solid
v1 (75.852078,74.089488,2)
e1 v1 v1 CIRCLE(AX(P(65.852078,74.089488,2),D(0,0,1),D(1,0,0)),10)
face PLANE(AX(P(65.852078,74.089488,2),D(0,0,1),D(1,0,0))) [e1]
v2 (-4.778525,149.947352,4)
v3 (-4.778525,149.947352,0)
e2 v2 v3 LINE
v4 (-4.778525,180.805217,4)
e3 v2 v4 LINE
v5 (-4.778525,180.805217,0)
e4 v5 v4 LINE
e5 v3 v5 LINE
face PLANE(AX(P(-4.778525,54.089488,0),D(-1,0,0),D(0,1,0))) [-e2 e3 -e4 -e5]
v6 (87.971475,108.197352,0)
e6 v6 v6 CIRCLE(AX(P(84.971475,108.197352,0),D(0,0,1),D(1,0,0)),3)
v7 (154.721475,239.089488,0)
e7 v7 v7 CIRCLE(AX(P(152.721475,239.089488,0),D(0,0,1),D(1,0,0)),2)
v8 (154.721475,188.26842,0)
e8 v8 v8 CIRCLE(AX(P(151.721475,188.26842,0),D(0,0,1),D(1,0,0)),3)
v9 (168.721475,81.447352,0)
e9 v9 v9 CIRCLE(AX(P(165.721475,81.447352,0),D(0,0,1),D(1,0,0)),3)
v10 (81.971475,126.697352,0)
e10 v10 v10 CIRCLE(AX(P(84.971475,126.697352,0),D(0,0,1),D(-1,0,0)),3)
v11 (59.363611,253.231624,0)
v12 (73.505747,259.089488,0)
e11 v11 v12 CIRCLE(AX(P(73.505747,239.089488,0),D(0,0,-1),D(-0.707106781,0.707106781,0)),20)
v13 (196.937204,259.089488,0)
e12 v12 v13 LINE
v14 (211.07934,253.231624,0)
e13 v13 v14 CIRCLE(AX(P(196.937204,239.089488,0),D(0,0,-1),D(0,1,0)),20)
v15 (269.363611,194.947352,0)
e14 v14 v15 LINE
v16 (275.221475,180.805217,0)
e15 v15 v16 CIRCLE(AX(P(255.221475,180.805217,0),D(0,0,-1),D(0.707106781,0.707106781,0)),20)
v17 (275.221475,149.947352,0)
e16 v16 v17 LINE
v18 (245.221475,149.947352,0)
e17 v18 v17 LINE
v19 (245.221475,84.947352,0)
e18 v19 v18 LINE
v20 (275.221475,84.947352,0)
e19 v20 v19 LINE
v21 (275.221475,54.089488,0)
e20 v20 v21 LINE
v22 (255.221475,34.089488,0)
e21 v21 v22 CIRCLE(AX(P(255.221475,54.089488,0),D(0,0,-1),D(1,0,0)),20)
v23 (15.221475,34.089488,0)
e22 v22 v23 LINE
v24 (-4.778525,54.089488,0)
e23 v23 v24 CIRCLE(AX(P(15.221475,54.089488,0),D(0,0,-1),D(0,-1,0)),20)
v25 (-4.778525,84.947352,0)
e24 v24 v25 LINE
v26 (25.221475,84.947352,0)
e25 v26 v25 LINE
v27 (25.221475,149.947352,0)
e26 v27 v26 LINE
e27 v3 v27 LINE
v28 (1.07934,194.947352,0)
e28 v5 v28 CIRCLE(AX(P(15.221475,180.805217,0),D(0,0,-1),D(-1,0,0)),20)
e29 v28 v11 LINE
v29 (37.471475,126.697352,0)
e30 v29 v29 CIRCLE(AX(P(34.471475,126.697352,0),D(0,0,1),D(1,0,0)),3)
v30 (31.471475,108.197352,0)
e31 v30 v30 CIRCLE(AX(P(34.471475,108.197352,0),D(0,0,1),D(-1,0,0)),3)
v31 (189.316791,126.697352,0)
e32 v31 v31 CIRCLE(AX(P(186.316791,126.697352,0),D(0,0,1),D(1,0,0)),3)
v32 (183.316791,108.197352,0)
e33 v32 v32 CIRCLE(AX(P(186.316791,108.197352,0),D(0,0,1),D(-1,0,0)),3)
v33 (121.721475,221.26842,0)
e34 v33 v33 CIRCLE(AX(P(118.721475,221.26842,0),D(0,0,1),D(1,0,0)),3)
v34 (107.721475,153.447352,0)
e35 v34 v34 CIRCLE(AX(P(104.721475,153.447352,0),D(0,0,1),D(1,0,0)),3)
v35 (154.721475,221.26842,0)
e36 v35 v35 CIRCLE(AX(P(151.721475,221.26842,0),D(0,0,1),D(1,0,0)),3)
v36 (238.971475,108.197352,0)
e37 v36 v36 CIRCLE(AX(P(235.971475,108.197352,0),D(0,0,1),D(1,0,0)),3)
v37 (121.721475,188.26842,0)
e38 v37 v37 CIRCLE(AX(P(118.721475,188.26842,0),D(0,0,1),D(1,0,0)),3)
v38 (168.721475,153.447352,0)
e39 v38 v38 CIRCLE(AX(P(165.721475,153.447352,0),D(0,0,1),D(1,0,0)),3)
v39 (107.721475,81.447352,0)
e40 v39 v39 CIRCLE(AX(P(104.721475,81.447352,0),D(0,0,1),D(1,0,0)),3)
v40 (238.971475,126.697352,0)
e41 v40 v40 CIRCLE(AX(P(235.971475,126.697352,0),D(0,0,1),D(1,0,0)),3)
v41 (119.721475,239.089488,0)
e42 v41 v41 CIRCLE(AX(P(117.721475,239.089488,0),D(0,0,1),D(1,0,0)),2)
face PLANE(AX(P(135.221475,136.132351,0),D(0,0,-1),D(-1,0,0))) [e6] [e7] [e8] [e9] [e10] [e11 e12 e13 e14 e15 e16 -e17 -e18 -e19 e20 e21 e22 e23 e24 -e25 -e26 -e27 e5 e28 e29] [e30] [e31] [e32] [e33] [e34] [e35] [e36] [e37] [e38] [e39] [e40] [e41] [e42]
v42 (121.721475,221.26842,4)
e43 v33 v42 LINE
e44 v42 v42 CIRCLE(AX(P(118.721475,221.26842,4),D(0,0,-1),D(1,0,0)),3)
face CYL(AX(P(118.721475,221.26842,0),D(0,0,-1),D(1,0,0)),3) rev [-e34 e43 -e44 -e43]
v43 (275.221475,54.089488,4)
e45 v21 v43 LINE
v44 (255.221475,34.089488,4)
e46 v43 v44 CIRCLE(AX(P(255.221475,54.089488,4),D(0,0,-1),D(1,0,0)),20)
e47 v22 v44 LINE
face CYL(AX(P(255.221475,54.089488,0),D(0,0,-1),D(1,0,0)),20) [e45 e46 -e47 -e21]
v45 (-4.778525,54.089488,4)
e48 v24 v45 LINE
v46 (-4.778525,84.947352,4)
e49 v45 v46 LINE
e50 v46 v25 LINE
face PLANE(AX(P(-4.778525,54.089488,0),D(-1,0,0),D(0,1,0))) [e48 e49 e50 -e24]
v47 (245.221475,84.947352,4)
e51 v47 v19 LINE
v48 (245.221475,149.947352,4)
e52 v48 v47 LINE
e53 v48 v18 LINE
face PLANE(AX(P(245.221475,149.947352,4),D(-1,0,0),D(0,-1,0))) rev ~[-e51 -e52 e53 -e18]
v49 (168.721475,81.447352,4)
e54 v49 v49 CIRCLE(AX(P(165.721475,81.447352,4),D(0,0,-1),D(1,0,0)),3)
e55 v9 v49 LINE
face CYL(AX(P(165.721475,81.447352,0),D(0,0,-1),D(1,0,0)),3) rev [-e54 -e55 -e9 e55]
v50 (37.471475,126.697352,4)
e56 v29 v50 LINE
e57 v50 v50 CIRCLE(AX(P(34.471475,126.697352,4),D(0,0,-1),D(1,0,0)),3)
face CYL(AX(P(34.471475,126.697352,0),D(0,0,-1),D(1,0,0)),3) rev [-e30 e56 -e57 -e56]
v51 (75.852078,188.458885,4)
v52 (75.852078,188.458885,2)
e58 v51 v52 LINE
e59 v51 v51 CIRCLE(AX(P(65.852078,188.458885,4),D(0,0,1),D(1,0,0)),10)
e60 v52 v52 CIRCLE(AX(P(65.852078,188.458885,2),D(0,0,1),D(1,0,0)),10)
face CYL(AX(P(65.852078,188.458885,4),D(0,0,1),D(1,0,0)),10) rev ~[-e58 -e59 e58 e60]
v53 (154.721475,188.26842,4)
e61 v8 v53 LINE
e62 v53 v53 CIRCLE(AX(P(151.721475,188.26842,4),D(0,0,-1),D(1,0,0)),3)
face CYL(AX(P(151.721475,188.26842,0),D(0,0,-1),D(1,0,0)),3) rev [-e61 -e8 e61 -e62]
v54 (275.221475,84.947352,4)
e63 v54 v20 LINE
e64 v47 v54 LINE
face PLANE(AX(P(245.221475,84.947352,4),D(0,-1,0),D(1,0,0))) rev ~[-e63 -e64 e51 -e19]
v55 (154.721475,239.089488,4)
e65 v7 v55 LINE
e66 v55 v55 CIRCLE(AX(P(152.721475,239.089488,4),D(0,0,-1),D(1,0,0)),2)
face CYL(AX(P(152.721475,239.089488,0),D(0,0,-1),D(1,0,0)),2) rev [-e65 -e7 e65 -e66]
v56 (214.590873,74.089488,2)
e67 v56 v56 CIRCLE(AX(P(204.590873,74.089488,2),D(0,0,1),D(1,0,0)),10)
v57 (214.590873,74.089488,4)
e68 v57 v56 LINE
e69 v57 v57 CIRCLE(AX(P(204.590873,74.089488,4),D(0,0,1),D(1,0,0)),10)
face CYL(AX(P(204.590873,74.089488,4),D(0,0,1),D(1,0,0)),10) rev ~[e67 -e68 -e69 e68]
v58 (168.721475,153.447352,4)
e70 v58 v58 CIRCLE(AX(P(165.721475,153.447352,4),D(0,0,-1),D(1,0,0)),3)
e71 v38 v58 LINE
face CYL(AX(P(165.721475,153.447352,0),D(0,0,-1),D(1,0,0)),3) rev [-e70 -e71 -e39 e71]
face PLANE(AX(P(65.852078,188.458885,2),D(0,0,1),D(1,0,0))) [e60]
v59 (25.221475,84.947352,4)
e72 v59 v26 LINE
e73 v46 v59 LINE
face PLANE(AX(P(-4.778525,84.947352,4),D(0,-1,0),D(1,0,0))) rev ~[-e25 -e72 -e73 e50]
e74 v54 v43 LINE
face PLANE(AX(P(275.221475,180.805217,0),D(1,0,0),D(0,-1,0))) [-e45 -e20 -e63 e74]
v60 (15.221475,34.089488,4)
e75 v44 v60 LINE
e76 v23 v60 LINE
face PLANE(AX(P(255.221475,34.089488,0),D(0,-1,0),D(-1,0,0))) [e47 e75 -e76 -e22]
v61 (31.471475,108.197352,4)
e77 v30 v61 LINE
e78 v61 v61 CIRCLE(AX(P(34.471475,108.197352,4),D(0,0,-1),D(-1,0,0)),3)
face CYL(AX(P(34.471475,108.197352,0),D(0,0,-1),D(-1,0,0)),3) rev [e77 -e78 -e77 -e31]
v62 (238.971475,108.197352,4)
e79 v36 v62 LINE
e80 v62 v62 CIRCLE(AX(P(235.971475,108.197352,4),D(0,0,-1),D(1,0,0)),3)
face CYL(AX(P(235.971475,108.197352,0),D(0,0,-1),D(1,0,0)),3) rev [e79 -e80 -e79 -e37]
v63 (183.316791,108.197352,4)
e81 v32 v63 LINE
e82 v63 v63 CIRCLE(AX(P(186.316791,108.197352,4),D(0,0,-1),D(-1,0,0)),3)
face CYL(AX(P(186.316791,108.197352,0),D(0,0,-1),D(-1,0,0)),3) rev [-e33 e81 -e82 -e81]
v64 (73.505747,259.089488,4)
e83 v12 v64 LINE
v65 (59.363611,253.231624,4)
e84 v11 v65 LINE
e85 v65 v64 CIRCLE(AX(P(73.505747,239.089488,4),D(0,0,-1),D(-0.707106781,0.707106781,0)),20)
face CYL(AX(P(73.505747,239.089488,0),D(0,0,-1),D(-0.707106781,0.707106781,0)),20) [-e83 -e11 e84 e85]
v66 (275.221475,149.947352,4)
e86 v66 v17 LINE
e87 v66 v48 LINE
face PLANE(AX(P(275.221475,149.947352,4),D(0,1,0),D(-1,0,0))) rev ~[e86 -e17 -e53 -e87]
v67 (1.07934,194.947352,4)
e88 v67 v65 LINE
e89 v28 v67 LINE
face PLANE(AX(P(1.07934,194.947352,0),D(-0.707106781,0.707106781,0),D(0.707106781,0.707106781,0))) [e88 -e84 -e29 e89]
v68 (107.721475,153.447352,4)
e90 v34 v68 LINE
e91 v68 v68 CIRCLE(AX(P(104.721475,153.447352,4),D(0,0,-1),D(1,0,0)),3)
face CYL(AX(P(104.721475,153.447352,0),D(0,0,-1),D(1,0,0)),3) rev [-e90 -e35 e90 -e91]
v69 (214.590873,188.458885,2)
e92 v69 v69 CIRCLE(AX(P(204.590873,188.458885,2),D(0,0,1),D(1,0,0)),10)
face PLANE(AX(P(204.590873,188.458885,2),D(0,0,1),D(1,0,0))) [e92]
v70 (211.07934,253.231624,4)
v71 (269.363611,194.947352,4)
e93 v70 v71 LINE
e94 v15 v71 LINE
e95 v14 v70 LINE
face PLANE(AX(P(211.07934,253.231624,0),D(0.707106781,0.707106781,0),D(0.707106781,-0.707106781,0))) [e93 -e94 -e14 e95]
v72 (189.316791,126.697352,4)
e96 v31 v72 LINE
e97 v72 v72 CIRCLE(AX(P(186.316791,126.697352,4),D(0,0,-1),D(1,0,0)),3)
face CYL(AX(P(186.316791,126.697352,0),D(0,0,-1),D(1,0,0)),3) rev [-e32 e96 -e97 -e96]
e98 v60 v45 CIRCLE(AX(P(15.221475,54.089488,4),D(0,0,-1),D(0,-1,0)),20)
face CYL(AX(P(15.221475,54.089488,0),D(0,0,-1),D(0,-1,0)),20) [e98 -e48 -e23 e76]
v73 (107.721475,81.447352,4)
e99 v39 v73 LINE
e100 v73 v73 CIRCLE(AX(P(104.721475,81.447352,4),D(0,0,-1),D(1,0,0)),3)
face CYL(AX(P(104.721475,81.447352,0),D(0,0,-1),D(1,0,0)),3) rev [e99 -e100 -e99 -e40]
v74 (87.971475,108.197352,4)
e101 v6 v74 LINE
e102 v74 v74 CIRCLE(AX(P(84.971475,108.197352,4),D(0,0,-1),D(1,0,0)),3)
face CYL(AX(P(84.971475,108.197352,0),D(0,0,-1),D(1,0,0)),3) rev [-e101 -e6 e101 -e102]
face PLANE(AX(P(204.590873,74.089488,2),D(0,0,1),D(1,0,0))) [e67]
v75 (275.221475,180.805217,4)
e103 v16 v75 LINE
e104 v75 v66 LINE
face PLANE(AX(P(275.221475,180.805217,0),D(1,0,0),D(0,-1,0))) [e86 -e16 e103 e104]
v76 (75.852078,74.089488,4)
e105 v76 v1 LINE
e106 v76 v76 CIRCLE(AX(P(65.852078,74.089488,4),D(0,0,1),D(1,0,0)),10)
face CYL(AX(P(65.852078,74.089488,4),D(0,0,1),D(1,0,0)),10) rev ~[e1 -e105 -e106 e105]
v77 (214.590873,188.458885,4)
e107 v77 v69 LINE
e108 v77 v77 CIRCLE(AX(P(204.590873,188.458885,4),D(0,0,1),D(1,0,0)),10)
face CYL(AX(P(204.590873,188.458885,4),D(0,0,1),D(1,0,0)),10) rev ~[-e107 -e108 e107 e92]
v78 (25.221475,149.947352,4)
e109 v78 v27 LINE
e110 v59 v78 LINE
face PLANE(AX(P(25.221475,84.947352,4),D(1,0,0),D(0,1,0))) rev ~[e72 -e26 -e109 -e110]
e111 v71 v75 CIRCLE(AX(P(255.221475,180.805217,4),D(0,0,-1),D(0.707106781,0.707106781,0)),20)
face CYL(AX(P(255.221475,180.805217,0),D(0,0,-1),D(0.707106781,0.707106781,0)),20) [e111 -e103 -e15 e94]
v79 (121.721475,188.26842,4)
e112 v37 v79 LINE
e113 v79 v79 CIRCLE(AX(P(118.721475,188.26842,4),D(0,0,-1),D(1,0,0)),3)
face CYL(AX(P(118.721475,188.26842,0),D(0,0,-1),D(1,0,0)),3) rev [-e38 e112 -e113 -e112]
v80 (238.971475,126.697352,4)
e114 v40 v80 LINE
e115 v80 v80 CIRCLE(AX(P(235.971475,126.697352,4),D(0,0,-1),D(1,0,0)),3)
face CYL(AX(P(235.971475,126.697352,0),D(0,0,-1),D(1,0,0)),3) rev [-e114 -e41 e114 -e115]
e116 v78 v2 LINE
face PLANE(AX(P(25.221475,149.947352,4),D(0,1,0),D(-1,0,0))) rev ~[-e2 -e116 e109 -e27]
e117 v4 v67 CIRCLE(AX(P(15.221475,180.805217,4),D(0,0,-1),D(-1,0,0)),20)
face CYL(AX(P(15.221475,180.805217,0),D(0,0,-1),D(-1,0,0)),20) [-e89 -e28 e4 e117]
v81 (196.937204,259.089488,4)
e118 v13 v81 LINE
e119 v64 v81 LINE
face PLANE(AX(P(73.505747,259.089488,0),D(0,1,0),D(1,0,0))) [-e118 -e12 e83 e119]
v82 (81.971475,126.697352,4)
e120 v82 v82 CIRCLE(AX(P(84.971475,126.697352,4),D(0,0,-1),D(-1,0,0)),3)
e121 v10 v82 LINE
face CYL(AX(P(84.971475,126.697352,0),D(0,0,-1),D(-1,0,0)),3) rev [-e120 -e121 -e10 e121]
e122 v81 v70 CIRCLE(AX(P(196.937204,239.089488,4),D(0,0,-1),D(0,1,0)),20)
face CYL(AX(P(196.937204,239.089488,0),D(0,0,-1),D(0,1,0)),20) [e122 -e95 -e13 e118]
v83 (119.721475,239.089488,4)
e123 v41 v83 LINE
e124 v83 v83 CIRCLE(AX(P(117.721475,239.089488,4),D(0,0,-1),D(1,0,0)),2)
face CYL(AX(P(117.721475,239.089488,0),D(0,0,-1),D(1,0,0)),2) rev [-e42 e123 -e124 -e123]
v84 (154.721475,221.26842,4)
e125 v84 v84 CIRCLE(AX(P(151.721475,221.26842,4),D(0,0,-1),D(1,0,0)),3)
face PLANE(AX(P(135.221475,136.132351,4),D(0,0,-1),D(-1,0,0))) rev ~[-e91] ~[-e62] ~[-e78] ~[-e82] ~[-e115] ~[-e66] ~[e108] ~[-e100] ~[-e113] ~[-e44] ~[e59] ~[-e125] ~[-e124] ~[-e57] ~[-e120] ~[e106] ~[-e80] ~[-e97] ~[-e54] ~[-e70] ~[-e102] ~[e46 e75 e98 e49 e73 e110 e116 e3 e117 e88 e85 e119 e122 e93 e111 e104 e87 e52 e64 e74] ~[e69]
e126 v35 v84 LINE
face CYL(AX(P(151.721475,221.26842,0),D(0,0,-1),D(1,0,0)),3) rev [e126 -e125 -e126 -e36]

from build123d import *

# Parameters (mm, degrees)
EXTRUDE_1_DEPTH      = 4
SKETCH_1950_R        = 3
CUT_EXTRUDE_3_DEPTH  = 10
L298N_R              = 3
CUT_EXTRUDE_5_DEPTH  = 10
SKETCH_486_R         = 3
CUT_EXTRUDE_7_DEPTH  = 10
CUT_EXTRUDE_8_DEPTH  = 10
SKETCH_2788_R        = 2
CUT_EXTRUDE_10_DEPTH = 10
SKETCH_11_R          = 10
CUT_EXTRUDE_11_DEPTH = 2


with BuildPart() as part:
    # 草图3 → 凸台-拉伸1 (new body)
    with BuildSketch(Plane.XY):
        with BuildLine():
            Line((73.505746565, 259.089488009), (196.937204075, 259.089488009))
            ThreePointArc((196.937204075, 259.089488009), (204.590872722, 257.56707866), (211.079339699, 253.231623633))
            Line((211.079339699, 253.231623633), (269.363610946, 194.947352386))
            ThreePointArc((269.363610946, 194.947352386), (273.699065973, 188.458885409), (275.221475323, 180.805216762))
            Line((275.221475323, 180.805216762), (275.221475323, 54.089488009))
            ThreePointArc((275.221475323, 54.089488009), (269.363610946, 39.947352386), (255.221475323, 34.089488009))
            Line((255.221475323, 34.089488009), (15.221475318, 34.089488009))
            ThreePointArc((15.221475318, 34.089488009), (1.079339694, 39.947352386), (-4.778524682, 54.089488009))
            Line((-4.778524682, 54.089488009), (-4.778524682, 180.805216762))
            ThreePointArc((-4.778524682, 180.805216762), (-3.256115333, 188.458885409), (1.079339694, 194.947352386))
            Line((1.079339694, 194.947352386), (59.363610941, 253.231623633))
            ThreePointArc((59.363610941, 253.231623633), (65.852077918, 257.56707866), (73.505746565, 259.089488009))
        make_face()
    extrude(amount=EXTRUDE_1_DEPTH)

    # Sketch 1950 → 切除-拉伸3 (cut)
    with BuildSketch(Plane.XY):
        with Locations((235.971475323, 126.697352386)):
            Circle(SKETCH_1950_R)
        with Locations((186.316790846, 126.697352386)):
            Circle(SKETCH_1950_R)
        with Locations((84.971475318, 108.197352386)):
            Circle(SKETCH_1950_R)
        with Locations((235.971475323, 108.197352386)):
            Circle(SKETCH_1950_R)
        with Locations(Location((186.316790846, 108.197352386, 0), (0, 0, 180))):
            Circle(SKETCH_1950_R)
        with Locations(Location((84.971475318, 126.697352386, 0), (0, 0, 180))):
            Circle(SKETCH_1950_R)
        with Locations((34.471475318, 126.697352386)):
            Circle(SKETCH_1950_R)
        with Locations(Location((34.471475318, 108.197352386, 0), (0, 0, 180))):
            Circle(SKETCH_1950_R)
    extrude(amount=CUT_EXTRUDE_3_DEPTH, mode=Mode.SUBTRACT)

    # L298N → 切除-拉伸5 (cut)
    with BuildSketch(Plane.XY):
        with Locations((118.72147532, 188.268420197)):
            Circle(L298N_R)
        with Locations((118.72147532, 221.268420197)):
            Circle(L298N_R)
        with Locations((151.72147532, 221.268420197)):
            Circle(L298N_R)
        with Locations((151.72147532, 188.268420197)):
            Circle(L298N_R)
    extrude(amount=CUT_EXTRUDE_5_DEPTH, mode=Mode.SUBTRACT)

    # Sketch 486 → 切除-拉伸7 (cut)
    with BuildSketch(Plane.XY):
        with Locations((104.72147532, 153.447352386)):
            Circle(SKETCH_486_R)
        with Locations((104.72147532, 81.447352386)):
            Circle(SKETCH_486_R)
        with Locations((165.72147532, 81.447352386)):
            Circle(SKETCH_486_R)
        with Locations((165.72147532, 153.447352386)):
            Circle(SKETCH_486_R)
    extrude(amount=CUT_EXTRUDE_7_DEPTH, mode=Mode.SUBTRACT)

    # Sketch 1082 → 切除-拉伸8 (cut)
    with BuildSketch(Plane.XY.offset(4)):
        Polygon((-4.778524682, 149.947352386), (-4.778524682, 84.947352386), (25.221475318, 84.947352386), (25.221475318, 149.947352386), (7.221475318, 149.947352386), align=None)
        Polygon((245.221475323, 149.947352386), (245.221475323, 84.947352386), (275.221475323, 84.947352386), (275.221475323, 149.947352386), (263.221475323, 149.947352386), align=None)
    extrude(amount=-CUT_EXTRUDE_8_DEPTH, mode=Mode.SUBTRACT)

    # Sketch 2788 → 切除-拉伸10 (cut)
    with BuildSketch(Plane.XY):
        with Locations((117.72147532, 239.089488009)):
            Circle(SKETCH_2788_R)
        with Locations((152.72147532, 239.089488009)):
            Circle(SKETCH_2788_R)
    extrude(amount=CUT_EXTRUDE_10_DEPTH, mode=Mode.SUBTRACT)

    # 草图11 → 切除-拉伸11 (cut)
    with BuildSketch(Plane.XY.offset(4)):
        with Locations((65.852077918, 188.458885409)):
            Circle(SKETCH_11_R)
        with Locations((204.590872722, 188.458885409)):
            Circle(SKETCH_11_R)
        with Locations((65.852077918, 74.089488009)):
            Circle(SKETCH_11_R)
        with Locations((204.590872722, 74.089488009)):
            Circle(SKETCH_11_R)
    extrude(amount=-CUT_EXTRUDE_11_DEPTH, mode=Mode.SUBTRACT)


solid = part.part
